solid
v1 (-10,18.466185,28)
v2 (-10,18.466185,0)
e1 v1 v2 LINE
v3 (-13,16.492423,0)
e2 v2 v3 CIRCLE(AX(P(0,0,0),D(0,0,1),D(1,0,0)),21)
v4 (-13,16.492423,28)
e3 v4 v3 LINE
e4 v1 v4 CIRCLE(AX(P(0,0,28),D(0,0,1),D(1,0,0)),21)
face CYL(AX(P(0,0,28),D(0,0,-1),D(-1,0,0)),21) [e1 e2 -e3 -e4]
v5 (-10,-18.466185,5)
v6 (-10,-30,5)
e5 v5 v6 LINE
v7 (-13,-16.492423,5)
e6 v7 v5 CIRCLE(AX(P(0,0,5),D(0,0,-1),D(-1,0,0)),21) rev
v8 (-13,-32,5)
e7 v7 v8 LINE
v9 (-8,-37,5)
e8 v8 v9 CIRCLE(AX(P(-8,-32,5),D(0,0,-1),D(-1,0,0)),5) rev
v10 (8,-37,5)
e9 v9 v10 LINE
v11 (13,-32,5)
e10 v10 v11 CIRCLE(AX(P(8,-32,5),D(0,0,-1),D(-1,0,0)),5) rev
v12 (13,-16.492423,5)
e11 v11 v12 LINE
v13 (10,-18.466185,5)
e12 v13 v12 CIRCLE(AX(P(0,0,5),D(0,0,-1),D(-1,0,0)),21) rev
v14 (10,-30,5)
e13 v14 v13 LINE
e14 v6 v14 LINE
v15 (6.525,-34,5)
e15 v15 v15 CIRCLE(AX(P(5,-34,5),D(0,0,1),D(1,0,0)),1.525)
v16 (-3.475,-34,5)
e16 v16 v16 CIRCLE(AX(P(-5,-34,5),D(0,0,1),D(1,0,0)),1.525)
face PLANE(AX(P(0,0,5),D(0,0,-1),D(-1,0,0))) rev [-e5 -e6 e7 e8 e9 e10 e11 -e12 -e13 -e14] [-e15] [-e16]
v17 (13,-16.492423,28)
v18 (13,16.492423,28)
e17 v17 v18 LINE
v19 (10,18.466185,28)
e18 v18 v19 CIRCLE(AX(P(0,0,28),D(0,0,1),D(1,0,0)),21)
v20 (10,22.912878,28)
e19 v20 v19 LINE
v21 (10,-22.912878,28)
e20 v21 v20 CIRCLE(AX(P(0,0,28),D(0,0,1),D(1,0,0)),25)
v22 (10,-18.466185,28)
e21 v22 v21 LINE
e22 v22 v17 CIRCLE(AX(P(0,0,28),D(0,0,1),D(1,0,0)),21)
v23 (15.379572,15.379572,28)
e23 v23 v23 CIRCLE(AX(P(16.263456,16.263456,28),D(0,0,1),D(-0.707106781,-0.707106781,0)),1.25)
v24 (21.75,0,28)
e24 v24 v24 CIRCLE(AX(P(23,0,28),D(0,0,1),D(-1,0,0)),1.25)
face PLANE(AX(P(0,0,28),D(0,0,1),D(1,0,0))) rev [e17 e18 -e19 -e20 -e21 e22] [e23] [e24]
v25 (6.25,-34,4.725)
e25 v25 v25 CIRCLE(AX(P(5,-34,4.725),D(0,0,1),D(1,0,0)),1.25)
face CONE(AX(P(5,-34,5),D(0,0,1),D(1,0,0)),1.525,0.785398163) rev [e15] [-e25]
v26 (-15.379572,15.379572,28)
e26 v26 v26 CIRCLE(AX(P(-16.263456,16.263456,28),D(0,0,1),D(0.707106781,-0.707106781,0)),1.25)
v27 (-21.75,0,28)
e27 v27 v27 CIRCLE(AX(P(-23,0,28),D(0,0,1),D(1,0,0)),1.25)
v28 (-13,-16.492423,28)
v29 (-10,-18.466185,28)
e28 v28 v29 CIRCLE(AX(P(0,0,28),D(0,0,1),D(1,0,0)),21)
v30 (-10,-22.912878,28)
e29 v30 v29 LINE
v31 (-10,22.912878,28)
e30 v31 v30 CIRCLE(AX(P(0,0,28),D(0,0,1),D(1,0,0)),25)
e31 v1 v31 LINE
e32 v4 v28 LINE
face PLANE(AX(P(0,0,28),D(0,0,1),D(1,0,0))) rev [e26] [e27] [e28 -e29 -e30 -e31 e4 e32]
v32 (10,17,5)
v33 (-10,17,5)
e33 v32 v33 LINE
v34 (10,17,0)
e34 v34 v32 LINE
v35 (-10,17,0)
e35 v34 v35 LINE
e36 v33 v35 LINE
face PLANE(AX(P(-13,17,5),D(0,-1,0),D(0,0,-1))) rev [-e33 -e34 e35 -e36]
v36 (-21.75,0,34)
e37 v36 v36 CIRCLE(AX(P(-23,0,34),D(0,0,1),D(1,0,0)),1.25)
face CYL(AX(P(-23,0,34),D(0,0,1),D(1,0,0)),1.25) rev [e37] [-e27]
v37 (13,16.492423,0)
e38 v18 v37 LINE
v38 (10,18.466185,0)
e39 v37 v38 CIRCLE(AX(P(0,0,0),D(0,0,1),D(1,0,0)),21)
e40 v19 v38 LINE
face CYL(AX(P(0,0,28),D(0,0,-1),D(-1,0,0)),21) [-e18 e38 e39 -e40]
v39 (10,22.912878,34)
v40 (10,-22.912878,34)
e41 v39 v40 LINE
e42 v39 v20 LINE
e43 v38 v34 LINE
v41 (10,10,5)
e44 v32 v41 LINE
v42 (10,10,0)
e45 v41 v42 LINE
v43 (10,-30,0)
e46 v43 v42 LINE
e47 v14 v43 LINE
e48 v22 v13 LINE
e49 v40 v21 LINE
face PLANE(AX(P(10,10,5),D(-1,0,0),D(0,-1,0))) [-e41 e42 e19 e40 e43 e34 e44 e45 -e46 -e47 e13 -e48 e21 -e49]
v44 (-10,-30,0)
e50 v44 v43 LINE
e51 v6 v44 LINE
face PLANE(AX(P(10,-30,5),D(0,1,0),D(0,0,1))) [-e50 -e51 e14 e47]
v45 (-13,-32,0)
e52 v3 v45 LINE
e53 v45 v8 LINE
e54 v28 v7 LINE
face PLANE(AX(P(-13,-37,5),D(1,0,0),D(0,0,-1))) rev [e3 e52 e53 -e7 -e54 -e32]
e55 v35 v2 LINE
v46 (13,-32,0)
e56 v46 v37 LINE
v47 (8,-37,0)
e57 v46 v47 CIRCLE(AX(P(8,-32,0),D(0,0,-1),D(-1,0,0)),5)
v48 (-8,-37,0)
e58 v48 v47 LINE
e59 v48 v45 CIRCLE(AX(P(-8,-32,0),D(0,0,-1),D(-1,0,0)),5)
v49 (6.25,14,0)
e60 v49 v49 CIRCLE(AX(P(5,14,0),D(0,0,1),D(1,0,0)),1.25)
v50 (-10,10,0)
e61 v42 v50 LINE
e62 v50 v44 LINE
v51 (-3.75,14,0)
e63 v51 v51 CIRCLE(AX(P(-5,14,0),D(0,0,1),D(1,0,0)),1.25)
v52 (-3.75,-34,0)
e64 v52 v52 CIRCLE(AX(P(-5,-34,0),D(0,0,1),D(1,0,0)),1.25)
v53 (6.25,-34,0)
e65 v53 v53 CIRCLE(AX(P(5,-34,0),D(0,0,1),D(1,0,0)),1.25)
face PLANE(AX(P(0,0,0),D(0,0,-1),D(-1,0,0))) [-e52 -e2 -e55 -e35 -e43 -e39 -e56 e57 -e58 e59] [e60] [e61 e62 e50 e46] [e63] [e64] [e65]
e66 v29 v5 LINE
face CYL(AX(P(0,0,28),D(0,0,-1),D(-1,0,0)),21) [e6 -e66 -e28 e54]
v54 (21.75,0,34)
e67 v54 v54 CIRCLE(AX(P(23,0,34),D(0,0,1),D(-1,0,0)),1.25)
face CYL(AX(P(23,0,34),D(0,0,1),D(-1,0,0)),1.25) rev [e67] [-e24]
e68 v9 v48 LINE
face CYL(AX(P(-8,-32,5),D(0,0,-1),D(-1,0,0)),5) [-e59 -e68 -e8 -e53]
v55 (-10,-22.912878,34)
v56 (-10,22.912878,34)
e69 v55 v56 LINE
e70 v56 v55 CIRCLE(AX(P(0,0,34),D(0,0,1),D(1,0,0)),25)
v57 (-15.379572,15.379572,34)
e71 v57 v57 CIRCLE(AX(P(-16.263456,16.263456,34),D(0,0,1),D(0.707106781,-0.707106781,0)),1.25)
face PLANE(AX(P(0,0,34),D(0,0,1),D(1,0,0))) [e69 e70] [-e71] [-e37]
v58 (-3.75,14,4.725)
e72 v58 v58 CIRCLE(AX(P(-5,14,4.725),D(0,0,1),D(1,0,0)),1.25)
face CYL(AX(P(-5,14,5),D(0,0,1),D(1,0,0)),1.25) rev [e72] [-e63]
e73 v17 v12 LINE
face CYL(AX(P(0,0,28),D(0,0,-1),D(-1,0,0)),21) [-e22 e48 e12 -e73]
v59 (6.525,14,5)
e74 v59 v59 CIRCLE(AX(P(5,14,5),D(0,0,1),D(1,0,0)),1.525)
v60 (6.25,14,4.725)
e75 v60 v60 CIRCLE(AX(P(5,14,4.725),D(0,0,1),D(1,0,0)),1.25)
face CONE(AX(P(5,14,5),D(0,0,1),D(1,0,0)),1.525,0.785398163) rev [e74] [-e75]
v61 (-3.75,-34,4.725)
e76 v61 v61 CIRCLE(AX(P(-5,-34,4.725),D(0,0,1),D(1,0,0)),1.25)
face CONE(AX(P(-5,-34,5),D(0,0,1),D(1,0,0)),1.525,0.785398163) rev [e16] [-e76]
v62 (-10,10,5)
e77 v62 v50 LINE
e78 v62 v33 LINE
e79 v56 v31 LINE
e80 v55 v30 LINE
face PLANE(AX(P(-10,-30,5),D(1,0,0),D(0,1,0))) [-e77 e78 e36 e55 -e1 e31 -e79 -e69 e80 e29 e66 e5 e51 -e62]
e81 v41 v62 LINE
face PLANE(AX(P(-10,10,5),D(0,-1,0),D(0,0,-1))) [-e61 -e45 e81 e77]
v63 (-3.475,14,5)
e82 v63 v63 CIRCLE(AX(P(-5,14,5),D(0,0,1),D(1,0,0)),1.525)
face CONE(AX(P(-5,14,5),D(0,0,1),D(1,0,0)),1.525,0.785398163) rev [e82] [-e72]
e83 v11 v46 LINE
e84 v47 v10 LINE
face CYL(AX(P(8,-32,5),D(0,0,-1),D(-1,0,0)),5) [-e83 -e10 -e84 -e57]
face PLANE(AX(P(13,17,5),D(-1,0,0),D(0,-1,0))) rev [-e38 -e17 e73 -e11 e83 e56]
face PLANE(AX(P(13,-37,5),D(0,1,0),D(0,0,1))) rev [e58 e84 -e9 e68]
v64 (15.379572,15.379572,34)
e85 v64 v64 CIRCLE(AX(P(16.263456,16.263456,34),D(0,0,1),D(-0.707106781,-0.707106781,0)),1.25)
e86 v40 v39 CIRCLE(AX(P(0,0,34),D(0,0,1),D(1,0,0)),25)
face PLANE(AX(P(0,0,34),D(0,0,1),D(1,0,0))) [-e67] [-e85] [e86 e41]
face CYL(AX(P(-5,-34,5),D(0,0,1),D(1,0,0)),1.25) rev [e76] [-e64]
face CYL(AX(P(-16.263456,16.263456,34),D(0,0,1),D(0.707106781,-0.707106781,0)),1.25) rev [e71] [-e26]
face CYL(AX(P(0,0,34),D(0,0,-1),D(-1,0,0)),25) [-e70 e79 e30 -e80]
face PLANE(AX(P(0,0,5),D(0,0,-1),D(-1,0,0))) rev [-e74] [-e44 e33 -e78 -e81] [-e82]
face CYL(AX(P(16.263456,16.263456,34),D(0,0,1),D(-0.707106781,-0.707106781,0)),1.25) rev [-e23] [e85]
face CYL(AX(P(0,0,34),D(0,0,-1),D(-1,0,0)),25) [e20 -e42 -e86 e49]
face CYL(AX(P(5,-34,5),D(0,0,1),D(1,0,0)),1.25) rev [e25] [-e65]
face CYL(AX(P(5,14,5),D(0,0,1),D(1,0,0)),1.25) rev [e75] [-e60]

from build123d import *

# Parameters (mm, degrees)
SKETCH_1_W                  = 26
SKETCH_1_H                  = 54
SKETCH_1_W_2                = 20
SKETCH_1_H_2                = 40
EXTRUDE_1_DEPTH             = 5
EXTRUDE_2_DEPTH             = 28
SKETCH_3_OUTSIDE_W          = 41.47
SKETCH_3_OUTSIDE_H          = 70.936
CUT_EXTRUDE_1_DEPTH         = 29
FILLET_1_R                  = 5
EXTRUDE_3_DEPTH             = 6
M3X0_51_D                   = 2.5
M3X0_51_CSINK_D             = 3.05
M3X0_51_CSINK_ANGLE         = 90
PATTERN_LINEAR_1_COUNT      = 2
PATTERN_LINEAR_1_PITCH      = 10
PATTERN_LINEAR_1_COUNT_DIR2 = 2
PATTERN_LINEAR_1_PITCH_DIR2 = 48
HOLE_WIZARD_1_D             = 2.5
PATTERN_CIRCULAR_1_COUNT    = 8


with BuildPart() as part:
    # Эскиз1 → Бобышка-Вытянуть1 (new body)
    with BuildSketch(Plane.XY):
        with Locations((0, -10)):
            Rectangle(SKETCH_1_W, SKETCH_1_H)
        with Locations((0, -10)):
            Rectangle(SKETCH_1_W_2, SKETCH_1_H_2, mode=Mode.SUBTRACT)
    extrude(amount=EXTRUDE_1_DEPTH)

    # Эскиз2 → Бобышка-Вытянуть2 (add)
    with BuildSketch(Plane.XY):
        with BuildLine():
            Line((10, -18.466185313), (10, 18.466185313))
            ThreePointArc((10, 18.466185313), (11.542267321, 17.543547677), (13, 16.492422502))
            Line((13, 16.492422502), (13, -16.492422502))
            ThreePointArc((13, -16.492422502), (11.542267321, -17.543547677), (10, -18.466185313))
        make_face()
        with BuildLine():
            Line((-10, -18.466185313), (-10, 18.466185313))
            ThreePointArc((-10, 18.466185313), (-11.542267321, 17.543547677), (-13, 16.492422502))
            Line((-13, 16.492422502), (-13, -16.492422502))
            ThreePointArc((-13, -16.492422502), (-11.542267321, -17.543547677), (-10, -18.466185313))
        make_face()
    extrude(amount=EXTRUDE_2_DEPTH)

    # Эскиз3 outside → Вырез-Вытянуть1 (cut, through all)
    with BuildSketch(Plane.XY.offset(28)):
        with Locations((0, -9.267)):
            Rectangle(SKETCH_3_OUTSIDE_W, SKETCH_3_OUTSIDE_H)
        with BuildLine():
            Line((-13, -16.492422502), (-13, -37))
            Line((-13, -37), (13, -37))
            Line((13, -37), (13, -16.492422502))
            ThreePointArc((13, -16.492422502), (0, 21), (-13, -16.492422502))
        make_face(mode=Mode.SUBTRACT)
    extrude(amount=-CUT_EXTRUDE_1_DEPTH, mode=Mode.SUBTRACT)

    # Скругление1
    fillet_1_edges = [part.edges().sort_by_distance(p)[0] for p in [
        (13, -37, 2.5),
        (-13, -37, 2.5),
    ]]
    fillet(fillet_1_edges, radius=FILLET_1_R)

    # Эскиз7 → Бобышка-Вытянуть3 (add)
    with BuildSketch(Plane.XY.offset(28)):
        with BuildLine():
            Line((-10, -22.912878475), (-10, 22.912878475))
            ThreePointArc((-10, 22.912878475), (-25, 0), (-10, -22.912878475))
        make_face()
        with BuildLine():
            Line((10, -22.912878475), (10, 22.912878475))
            ThreePointArc((10, 22.912878475), (25, 0), (10, -22.912878475))
        make_face()
    extrude(amount=EXTRUDE_3_DEPTH)

    # Отверстие обработанное метчиком M3x0.51 (through all)
    with Locations(Plane.XY.offset(5)):
        with Locations((-5, 14)):
            m3x0_51 = CounterSinkHole(M3X0_51_D / 2, M3X0_51_CSINK_D / 2, counter_sink_angle=M3X0_51_CSINK_ANGLE)

    # Линейный массив1: M3x0.51 2 × 2
    with Locations(*[(i * PATTERN_LINEAR_1_PITCH, -j * PATTERN_LINEAR_1_PITCH_DIR2, 0) for i in range(PATTERN_LINEAR_1_COUNT) for j in range(PATTERN_LINEAR_1_COUNT_DIR2) if (i, j) != (0, 0)]):
        add(m3x0_51, mode=Mode.SUBTRACT)

    # Отверстие1 (through all)
    with Locations(Plane.XY.offset(34)):
        with Locations((-23, 0)):
            hole_wizard_1 = Hole(HOLE_WIZARD_1_D / 2)

    # Круговой массив1: Отверстие1 ×8 about axis, 4 skipped
    pattern_circular_1_axis = Axis((0, 0, 34), (0, 0, 1))
    add([hole_wizard_1.rotate(pattern_circular_1_axis, i * 360 / PATTERN_CIRCULAR_1_COUNT) for i in range(1, PATTERN_CIRCULAR_1_COUNT) if i not in (1, 2, 3, 6)], mode=Mode.SUBTRACT)


solid = part.part
